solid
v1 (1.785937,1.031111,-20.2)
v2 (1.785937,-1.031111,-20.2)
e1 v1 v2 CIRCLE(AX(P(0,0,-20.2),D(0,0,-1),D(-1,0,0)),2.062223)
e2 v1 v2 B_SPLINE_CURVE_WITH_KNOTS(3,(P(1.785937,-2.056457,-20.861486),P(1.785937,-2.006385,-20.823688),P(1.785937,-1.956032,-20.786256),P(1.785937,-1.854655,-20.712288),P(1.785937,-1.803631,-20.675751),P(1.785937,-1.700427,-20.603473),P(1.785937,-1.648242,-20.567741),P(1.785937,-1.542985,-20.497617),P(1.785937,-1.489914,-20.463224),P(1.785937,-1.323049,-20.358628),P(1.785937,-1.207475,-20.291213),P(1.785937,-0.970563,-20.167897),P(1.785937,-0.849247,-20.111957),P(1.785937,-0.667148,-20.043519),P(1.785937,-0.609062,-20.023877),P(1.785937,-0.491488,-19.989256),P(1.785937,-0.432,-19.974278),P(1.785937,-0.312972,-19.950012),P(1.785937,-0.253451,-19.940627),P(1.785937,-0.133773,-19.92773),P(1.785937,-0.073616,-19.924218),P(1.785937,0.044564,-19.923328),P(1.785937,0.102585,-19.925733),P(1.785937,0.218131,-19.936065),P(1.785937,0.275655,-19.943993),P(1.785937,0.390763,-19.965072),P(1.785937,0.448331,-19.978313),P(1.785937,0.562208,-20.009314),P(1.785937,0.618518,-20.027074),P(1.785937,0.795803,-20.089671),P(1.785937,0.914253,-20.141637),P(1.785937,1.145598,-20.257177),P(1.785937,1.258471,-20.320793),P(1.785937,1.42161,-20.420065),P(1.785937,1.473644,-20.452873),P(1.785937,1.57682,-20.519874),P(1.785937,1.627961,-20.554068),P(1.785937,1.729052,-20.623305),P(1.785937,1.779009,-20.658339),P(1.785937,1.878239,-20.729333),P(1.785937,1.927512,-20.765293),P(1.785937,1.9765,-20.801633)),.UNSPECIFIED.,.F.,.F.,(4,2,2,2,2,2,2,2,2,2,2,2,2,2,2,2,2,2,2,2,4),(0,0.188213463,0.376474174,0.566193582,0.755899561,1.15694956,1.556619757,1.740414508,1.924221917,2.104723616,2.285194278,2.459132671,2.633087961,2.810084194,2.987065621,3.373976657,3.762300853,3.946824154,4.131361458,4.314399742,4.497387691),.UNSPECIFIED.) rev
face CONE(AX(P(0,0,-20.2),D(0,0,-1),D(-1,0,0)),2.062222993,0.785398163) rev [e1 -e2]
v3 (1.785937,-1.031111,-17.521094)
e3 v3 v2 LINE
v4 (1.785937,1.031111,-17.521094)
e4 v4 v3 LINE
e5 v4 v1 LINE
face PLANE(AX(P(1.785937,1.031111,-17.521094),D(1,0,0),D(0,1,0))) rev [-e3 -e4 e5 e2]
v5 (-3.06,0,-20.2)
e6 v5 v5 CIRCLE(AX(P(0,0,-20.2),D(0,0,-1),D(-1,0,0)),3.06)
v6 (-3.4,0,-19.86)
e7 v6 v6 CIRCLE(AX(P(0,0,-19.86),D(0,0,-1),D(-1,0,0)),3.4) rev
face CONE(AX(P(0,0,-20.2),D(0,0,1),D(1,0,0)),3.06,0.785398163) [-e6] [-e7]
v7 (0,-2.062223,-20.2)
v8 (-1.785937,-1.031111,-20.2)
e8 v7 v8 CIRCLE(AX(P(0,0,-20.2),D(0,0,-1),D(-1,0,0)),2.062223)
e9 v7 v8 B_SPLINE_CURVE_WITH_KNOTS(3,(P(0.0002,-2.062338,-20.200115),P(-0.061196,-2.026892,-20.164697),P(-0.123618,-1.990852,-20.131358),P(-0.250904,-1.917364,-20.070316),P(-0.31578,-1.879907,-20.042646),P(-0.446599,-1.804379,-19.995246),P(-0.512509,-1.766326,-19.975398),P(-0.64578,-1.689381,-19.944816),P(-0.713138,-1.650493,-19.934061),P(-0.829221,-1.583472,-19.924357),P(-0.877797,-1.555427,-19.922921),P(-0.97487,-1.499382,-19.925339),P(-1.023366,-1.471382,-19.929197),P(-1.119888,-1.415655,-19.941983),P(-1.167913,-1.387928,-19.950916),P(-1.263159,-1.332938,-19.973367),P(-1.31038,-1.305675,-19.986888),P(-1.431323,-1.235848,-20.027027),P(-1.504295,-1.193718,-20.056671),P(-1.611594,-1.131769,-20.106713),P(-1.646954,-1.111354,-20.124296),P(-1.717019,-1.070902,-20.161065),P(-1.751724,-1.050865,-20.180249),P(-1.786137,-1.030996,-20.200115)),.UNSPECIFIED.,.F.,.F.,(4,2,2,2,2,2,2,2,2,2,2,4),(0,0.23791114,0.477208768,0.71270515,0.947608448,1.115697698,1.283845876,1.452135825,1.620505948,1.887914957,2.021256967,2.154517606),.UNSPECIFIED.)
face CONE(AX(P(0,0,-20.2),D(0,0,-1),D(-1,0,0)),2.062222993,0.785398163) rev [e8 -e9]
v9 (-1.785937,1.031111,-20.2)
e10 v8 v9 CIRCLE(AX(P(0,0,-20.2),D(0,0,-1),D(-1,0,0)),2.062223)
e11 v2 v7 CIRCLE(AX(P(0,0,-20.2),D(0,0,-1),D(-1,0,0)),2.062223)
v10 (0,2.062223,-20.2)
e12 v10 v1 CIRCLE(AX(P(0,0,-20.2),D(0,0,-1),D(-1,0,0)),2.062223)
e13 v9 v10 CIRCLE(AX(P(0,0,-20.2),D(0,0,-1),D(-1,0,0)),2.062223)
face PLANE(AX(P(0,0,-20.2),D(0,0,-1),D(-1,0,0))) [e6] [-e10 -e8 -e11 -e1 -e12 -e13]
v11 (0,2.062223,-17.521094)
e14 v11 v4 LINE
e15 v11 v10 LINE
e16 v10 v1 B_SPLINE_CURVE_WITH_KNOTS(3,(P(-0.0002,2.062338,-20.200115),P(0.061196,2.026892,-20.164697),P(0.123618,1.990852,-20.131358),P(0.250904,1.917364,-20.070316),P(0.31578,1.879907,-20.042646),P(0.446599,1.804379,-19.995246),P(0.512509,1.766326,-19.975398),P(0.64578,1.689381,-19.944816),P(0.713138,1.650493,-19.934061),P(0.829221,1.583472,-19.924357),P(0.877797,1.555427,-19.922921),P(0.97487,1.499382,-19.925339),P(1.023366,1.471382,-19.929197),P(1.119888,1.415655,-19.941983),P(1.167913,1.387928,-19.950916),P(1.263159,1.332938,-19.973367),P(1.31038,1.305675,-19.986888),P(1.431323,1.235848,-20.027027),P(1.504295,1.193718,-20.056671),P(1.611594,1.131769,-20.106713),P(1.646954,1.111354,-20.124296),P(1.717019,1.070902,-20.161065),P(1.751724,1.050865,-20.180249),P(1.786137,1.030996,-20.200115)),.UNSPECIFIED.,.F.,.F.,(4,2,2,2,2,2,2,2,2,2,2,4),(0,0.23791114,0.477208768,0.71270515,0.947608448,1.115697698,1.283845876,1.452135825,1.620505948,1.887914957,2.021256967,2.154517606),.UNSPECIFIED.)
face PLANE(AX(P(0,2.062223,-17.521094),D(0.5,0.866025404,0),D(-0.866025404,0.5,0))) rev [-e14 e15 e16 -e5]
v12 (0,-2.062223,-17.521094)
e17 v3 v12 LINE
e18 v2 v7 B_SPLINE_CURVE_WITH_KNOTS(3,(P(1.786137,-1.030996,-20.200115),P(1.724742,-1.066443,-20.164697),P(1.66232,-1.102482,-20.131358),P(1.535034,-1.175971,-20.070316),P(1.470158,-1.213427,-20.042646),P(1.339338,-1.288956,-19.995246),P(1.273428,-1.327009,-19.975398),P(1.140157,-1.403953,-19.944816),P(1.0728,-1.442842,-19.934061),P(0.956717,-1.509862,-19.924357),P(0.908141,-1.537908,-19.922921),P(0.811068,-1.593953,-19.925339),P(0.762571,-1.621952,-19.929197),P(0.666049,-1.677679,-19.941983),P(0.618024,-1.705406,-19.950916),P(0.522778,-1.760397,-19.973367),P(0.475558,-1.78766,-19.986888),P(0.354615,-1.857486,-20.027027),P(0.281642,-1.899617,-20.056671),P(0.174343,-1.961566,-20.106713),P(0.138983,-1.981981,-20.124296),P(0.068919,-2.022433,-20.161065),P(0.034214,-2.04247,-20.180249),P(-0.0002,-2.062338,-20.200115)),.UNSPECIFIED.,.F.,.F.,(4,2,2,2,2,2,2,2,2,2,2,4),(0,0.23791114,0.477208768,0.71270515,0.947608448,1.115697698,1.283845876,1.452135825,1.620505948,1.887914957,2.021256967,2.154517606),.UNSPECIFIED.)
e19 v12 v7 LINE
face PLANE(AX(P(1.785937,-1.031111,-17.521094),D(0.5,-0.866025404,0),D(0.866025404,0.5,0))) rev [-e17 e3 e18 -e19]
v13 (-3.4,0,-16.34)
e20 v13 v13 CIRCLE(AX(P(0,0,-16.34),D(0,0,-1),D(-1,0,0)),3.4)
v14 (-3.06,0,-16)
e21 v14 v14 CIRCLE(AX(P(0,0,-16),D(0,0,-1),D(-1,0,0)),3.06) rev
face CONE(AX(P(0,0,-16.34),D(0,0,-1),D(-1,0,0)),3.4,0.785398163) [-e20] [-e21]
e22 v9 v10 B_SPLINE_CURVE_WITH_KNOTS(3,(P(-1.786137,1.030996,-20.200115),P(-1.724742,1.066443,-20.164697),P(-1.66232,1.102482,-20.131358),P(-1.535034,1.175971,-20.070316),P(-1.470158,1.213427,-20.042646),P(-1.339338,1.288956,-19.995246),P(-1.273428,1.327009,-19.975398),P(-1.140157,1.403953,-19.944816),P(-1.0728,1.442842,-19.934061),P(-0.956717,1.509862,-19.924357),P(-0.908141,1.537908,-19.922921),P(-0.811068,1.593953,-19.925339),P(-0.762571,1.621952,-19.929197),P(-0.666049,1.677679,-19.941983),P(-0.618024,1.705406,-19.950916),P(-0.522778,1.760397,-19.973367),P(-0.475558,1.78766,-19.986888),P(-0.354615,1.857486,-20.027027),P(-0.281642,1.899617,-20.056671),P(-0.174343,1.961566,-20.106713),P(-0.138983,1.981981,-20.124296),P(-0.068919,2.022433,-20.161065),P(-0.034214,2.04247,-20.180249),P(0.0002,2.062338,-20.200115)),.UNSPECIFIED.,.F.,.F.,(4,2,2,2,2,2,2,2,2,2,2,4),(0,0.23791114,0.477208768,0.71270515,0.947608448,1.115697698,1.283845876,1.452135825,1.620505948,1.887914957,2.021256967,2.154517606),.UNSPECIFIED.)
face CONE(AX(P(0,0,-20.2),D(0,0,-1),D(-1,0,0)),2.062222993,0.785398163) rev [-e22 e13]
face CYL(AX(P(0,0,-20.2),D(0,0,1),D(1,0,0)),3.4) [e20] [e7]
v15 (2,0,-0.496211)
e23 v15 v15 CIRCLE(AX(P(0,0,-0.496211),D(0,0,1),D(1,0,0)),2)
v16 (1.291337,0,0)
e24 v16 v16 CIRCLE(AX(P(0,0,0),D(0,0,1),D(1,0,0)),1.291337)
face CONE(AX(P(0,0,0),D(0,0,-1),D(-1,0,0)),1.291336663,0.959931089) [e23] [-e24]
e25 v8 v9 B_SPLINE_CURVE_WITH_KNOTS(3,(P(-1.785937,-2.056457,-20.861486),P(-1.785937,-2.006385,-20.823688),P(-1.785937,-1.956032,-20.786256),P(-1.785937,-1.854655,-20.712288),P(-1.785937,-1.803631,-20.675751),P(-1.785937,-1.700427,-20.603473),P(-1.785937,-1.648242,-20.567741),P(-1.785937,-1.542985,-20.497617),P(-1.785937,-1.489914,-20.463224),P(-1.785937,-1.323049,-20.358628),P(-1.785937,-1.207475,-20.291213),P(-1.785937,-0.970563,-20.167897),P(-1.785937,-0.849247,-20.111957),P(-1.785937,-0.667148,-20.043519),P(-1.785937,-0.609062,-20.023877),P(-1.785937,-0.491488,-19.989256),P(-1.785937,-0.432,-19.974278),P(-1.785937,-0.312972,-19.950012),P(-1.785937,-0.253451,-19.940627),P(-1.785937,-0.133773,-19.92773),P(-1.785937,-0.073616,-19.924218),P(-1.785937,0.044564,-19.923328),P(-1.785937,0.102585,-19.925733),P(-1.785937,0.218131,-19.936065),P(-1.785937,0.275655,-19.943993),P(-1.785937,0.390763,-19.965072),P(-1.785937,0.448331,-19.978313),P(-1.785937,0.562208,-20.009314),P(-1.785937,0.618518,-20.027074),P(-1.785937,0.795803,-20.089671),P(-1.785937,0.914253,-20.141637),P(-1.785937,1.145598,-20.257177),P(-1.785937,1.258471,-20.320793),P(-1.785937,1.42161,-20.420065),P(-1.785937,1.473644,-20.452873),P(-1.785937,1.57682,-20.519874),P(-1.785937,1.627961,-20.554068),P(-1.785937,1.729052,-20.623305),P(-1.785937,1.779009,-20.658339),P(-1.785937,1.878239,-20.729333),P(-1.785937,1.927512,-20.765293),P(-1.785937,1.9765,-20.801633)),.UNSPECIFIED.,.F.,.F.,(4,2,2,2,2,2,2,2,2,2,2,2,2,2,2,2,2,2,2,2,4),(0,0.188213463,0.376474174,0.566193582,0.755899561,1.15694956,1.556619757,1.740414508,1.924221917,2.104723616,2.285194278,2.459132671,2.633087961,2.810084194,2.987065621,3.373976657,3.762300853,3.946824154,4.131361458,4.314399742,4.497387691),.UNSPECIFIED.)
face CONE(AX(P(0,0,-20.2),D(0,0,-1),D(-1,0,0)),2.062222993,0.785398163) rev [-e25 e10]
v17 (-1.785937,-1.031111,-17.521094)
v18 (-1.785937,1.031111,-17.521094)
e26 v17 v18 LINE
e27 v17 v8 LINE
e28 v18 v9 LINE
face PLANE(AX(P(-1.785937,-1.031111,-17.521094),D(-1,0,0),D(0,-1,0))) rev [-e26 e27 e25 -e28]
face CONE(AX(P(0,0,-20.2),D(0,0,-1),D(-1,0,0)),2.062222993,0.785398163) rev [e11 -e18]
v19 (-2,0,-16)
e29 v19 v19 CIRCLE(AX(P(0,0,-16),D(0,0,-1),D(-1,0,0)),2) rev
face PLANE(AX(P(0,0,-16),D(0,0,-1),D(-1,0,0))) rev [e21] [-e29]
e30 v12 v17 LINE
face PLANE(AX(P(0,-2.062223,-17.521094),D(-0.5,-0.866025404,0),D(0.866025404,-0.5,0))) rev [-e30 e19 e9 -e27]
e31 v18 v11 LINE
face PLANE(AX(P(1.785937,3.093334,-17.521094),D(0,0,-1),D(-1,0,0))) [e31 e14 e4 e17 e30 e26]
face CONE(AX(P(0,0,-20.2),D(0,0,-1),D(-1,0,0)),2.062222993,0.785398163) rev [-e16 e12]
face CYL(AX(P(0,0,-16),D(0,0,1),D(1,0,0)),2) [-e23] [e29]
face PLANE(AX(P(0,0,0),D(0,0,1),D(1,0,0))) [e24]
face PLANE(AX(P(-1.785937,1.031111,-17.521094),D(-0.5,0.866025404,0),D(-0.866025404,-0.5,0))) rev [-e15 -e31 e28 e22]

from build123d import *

# Parameters (mm, degrees)
SKETCH1_R          = 2
EXTRUDE1_DEPTH     = 16
SKETCH6_R          = 3.4
EXTRUDE2_DEPTH     = 4.2
CUT_EXTRUDE1_DEPTH = 2.67890625
CHAMFER1_SIZE      = 0.34


with BuildPart() as part:
    # Sketch1 → Extrude1 (new body)
    with BuildSketch(Plane.XY):
        Circle(SKETCH1_R)
    extrude(amount=-EXTRUDE1_DEPTH)

    # Sketch4 → Cut-Revolve1 (revolve, cut)
    with BuildSketch(Plane(origin=(0, 0, 0), x_dir=(0, 0, -1), z_dir=(1, 0, 0))):
        Polygon((0.496211411, 2), (0, 1.291336663), (0, 2), align=None)
    revolve(axis=Axis((0, 0, 0), (0, 0, -1)), mode=Mode.SUBTRACT)

    # Sketch6 → Extrude2 (add)
    with BuildSketch(Plane(origin=(0, 0, -16), x_dir=(-1, 0, 0), z_dir=(0, 0, -1))):
        Circle(SKETCH6_R)
    extrude(amount=EXTRUDE2_DEPTH)

    # Sketch7 → Cut-Extrude1 (cut)
    with BuildSketch(Plane(origin=(0, 0, -20.2), x_dir=(-1, 0, 0), z_dir=(0, 0, -1))):
        Polygon((0, 2.062222993), (-1.7859375, 1.031111496), (-1.7859375, -1.031111496), (0, -2.062222993), (1.7859375, -1.031111496), (1.7859375, 1.031111496), align=None)
    extrude(amount=-CUT_EXTRUDE1_DEPTH, mode=Mode.SUBTRACT)

    # Cut-Extrude2 cone 1 section (through the dimple's axis) → Cut-Extrude2 (revolve, cut)
    with BuildSketch(Plane(origin=(0, 0, -20.2), x_dir=(0, 1, 0), z_dir=(1, 0, 0))):
        Polygon((0, 0), (2.062222993, 0), (0, 2.062222993), align=None)
    revolve(axis=Axis((0, 0, -20.2), (0, 0, 1)), mode=Mode.SUBTRACT)

    # Chamfer1
    chamfer1_edges = [part.edges().sort_by_distance(p)[0] for p in [
        (3.4, 0, -20.2),
        (3.4, 0, -16),
    ]]
    chamfer(chamfer1_edges, length=CHAMFER1_SIZE)


solid = part.part
